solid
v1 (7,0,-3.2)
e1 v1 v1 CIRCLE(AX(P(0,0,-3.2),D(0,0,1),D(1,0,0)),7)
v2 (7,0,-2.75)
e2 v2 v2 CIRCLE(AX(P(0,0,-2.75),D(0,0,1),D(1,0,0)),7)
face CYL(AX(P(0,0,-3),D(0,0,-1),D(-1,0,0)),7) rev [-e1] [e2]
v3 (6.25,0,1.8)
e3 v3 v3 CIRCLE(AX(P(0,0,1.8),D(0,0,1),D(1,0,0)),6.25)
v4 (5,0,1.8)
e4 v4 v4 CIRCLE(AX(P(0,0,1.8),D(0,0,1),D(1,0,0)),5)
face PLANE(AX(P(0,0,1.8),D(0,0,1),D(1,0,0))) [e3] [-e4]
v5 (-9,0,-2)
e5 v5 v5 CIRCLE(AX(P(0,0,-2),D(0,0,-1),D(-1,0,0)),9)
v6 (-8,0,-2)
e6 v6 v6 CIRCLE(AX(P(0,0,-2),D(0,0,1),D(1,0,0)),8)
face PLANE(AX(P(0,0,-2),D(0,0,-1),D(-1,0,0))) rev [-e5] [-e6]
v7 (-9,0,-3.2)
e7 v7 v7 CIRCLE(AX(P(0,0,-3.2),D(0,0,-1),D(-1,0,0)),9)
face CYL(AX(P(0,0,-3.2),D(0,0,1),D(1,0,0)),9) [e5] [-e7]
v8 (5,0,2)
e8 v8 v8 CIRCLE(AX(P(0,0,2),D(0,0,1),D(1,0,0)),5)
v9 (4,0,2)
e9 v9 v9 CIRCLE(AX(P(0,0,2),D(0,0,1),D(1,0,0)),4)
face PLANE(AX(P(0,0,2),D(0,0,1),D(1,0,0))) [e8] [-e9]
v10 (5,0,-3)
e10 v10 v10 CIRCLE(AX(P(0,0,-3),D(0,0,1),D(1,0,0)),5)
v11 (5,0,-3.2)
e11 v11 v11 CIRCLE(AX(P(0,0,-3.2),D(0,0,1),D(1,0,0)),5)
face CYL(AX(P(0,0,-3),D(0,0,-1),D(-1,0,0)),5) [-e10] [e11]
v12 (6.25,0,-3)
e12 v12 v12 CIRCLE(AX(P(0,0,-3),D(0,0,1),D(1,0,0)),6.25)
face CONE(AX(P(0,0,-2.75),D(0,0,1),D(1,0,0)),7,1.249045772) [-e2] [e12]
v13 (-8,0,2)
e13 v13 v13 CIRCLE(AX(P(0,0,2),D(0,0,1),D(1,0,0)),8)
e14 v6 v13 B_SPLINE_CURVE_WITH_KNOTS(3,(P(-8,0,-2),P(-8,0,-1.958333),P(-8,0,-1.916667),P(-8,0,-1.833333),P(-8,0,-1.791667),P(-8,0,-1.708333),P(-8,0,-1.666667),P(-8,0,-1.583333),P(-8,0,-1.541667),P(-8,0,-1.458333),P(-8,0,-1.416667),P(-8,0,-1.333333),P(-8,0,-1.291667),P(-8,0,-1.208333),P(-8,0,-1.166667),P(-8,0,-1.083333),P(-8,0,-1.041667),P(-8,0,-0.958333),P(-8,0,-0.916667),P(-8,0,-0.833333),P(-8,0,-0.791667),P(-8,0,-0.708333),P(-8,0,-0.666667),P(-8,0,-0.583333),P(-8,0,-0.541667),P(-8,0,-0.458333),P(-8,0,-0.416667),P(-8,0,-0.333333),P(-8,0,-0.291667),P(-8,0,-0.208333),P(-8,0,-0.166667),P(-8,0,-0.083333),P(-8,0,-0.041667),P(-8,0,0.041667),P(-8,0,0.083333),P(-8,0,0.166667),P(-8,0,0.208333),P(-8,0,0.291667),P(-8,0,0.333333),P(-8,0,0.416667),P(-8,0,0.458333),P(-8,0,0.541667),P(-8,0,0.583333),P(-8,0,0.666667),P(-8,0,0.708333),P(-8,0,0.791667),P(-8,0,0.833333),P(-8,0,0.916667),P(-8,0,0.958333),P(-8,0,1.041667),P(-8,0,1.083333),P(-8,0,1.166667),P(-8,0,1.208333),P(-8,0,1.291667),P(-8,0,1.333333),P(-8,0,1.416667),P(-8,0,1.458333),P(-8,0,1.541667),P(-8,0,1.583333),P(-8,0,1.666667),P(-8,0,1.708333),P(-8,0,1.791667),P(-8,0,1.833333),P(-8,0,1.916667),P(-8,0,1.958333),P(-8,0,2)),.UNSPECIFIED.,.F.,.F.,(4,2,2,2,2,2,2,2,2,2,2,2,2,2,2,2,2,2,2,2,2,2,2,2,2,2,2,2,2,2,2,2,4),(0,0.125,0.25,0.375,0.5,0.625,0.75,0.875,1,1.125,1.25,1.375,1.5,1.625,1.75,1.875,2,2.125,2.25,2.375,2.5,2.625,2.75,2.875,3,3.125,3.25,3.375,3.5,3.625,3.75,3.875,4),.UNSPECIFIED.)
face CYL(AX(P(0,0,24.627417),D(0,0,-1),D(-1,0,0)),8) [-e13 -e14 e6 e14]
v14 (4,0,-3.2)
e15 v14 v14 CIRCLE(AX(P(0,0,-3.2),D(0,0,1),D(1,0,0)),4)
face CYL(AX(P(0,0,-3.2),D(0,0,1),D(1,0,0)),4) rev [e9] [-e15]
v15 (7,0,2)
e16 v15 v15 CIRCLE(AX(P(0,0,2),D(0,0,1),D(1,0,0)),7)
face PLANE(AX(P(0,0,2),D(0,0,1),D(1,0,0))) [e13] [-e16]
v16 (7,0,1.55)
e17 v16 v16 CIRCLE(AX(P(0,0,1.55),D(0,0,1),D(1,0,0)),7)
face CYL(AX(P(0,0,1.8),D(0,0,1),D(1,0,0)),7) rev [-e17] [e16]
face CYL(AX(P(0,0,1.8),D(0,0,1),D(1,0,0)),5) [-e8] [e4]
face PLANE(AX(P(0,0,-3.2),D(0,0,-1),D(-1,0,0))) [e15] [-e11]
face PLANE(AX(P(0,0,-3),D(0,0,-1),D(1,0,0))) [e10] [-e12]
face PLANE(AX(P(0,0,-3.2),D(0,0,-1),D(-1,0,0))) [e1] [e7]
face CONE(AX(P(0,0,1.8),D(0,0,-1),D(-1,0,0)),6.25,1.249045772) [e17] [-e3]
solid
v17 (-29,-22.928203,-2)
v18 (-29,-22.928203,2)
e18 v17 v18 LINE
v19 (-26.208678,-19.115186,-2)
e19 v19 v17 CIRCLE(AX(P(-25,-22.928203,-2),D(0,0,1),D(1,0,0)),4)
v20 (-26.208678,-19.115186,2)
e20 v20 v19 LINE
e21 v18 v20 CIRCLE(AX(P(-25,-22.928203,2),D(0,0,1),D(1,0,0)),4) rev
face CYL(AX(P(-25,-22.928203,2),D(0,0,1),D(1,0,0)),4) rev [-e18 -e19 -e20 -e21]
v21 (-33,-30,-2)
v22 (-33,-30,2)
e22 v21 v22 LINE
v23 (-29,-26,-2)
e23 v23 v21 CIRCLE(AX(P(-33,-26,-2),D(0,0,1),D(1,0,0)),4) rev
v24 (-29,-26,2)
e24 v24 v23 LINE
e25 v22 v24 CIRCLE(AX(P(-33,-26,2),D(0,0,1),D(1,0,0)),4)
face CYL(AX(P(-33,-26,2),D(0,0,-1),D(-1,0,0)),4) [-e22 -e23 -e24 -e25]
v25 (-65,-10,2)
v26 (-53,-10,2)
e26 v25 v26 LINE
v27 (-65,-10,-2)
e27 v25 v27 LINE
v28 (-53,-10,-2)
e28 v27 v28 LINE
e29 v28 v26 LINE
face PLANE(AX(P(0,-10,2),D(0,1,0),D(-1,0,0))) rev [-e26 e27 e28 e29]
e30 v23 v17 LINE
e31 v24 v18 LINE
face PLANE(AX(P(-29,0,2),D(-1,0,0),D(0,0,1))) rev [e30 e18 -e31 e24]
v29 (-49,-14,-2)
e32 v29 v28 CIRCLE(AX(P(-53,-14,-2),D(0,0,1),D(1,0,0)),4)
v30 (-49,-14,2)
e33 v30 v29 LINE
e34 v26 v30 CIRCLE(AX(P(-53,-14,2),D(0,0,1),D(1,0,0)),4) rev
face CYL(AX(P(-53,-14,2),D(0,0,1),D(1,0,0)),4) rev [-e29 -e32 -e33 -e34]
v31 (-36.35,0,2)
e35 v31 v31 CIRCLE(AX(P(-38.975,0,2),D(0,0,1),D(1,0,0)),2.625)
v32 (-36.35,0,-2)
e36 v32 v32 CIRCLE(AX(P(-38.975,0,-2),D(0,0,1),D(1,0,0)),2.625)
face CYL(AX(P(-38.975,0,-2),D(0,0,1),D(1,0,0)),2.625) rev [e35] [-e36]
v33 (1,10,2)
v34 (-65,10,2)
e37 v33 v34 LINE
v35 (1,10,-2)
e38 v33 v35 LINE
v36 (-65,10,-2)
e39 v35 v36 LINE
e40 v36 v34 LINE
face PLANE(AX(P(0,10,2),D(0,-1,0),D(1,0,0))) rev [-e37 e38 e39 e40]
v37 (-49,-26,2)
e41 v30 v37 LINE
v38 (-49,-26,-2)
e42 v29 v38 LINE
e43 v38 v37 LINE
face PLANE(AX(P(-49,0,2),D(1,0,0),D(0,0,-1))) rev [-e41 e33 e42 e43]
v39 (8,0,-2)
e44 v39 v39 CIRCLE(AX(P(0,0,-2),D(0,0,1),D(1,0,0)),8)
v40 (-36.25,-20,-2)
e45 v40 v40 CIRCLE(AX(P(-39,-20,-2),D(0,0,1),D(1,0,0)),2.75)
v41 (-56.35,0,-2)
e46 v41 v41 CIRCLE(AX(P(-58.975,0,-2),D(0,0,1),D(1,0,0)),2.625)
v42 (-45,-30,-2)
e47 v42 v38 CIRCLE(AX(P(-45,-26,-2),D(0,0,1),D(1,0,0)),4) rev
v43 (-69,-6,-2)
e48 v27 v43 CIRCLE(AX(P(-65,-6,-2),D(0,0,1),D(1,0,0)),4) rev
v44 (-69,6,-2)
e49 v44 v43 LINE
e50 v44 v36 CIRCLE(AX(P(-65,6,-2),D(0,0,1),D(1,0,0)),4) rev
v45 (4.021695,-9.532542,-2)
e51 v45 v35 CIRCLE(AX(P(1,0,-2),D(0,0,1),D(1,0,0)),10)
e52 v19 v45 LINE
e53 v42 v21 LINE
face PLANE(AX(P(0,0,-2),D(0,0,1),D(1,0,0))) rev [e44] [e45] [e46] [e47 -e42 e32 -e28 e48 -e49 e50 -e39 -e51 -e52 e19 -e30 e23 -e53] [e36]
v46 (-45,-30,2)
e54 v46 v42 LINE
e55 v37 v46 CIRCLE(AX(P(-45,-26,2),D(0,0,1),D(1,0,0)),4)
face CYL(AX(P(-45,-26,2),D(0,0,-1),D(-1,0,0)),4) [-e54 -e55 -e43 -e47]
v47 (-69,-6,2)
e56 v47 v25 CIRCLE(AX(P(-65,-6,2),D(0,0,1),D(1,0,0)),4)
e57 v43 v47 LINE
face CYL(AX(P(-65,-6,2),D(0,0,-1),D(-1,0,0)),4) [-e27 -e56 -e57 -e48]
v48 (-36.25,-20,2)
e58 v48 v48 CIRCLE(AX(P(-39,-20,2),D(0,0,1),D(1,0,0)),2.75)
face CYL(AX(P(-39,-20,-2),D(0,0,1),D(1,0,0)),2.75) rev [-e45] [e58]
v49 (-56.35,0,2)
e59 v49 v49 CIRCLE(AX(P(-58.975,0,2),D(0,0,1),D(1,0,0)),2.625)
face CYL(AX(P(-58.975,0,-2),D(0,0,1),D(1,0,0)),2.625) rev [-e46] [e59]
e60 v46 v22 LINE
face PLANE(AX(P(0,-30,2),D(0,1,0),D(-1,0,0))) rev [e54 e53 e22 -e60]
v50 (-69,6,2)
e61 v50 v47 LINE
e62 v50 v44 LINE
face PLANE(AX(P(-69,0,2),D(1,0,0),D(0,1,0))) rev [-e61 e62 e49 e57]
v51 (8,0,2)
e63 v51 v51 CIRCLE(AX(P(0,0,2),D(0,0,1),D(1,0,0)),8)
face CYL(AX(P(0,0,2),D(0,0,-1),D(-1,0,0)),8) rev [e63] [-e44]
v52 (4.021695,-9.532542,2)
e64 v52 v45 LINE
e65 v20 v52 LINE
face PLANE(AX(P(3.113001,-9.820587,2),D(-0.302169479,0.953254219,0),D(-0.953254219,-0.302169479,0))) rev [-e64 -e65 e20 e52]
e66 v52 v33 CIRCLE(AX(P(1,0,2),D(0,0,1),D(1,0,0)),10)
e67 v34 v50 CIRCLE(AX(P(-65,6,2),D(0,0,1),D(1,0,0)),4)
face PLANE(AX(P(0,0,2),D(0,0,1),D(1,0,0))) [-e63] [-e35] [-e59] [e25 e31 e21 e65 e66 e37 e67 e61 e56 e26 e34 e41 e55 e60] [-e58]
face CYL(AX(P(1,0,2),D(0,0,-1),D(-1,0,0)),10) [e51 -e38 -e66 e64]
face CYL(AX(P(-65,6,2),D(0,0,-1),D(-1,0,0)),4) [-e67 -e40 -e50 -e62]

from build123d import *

# Parameters (mm, degrees)
SKETCH1_R           = 10
SKETCH1_R_2         = 8
BOSS_EXTRUDE1_DEPTH = 2
SKETCH2_R           = 2.75
SKETCH2_R_2         = 2.625
CUT_EXTRUDE1_DEPTH  = 76.345869163
FILLET1_R           = 4
SKETCH3_R           = 9
BOSS_EXTRUDE2_DEPTH = 1.2
SKETCH4_R           = 8
BOSS_EXTRUDE3_DEPTH = 4
SKETCH5_R           = 4
CUT_EXTRUDE2_DEPTH  = 76.419095725
SKETCH5_3_R         = 7
SKETCH5_3_R_2       = 5
CUT_EXTRUDE3_DEPTH  = 0.2


with BuildPart() as part:
    # Sketch1 → Boss-Extrude1 (new, symmetric)
    # profile 1 of 2: a face of its own
    with BuildSketch(Plane.XY):
        with BuildLine():
            ThreePointArc((4.021694793, -9.532542189), (-8.882444583, -1.528819498), (1, 10))
            Line((1, 10), (-69, 10))
            Line((-69, 10), (-69, -10))
            Line((-69, -10), (-49, -10))
            Line((-49, -10), (-49, -30))
            Line((-49, -30), (-29, -30))
            Line((-29, -30), (-29, -20))
            Line((-29, -20), (4.021694793, -9.532542189))
        make_face()
    # profile 2 of 2: a face of its own
    with BuildSketch(Plane.XY):
        with Locations((1, 0)):
            Circle(SKETCH1_R)
        Circle(SKETCH1_R_2, mode=Mode.SUBTRACT)
    extrude(amount=BOSS_EXTRUDE1_DEPTH, both=True)

    # Sketch2 → Cut-Extrude1 (cut, through all)
    with BuildSketch(Plane.XY.offset(2)):
        with Locations((-39, -20)):
            Circle(SKETCH2_R)
        with Locations((-58.975, 0)):
            Circle(SKETCH2_R_2)
        with Locations((-38.975, 0)):
            Circle(SKETCH2_R_2)
    extrude(amount=-CUT_EXTRUDE1_DEPTH, mode=Mode.SUBTRACT)

    # Fillet1
    fillet1_edges = [part.edges().sort_by_distance(p)[0] for p in [
        (-29, -20, 0),
        (-29, -30, 0),
        (-49, -30, 0),
        (-49, -10, 0),
        (-69, -10, 0),
        (-69, 10, 0),
    ]]
    fillet(fillet1_edges, radius=FILLET1_R)


with BuildPart() as body_2:
    # Sketch3 → Boss-Extrude2 (new body)
    with BuildSketch(Plane(origin=(0, 0, -2), x_dir=(-1, 0, 0), z_dir=(0, 0, -1))):
        Circle(SKETCH3_R)
    extrude(amount=BOSS_EXTRUDE2_DEPTH)

    # Sketch4 → Boss-Extrude3 (add)
    with BuildSketch(Plane.XY.offset(-2)):
        with Locations(Location((0, 0, 0), (0, 0, 180))):
            Circle(SKETCH4_R)
    extrude(amount=BOSS_EXTRUDE3_DEPTH)

    # Sketch5 → Cut-Extrude2 (cut, through all)
    with BuildSketch(Plane.XY.offset(2)):
        Circle(SKETCH5_R)
    extrude(amount=-CUT_EXTRUDE2_DEPTH, mode=Mode.SUBTRACT)

    # Sketch5<3> → Cut-Extrude3 (cut)
    with BuildSketch(Plane.XY.offset(2)):
        Circle(SKETCH5_3_R)
        Circle(SKETCH5_3_R_2, mode=Mode.SUBTRACT)
    cut_extrude3 = extrude(amount=-CUT_EXTRUDE3_DEPTH, mode=Mode.SUBTRACT)

    # Mirror8: Cut-Extrude3 across plane
    add(cut_extrude3.mirror(Plane.XY.offset(-0.6)), mode=Mode.SUBTRACT)

    # Sketch6 → Cut-Revolve1 (revolve, cut)
    with BuildSketch(Plane(origin=(0, 0, 0), x_dir=(0, 0, -1), z_dir=(1, 0, 0)), mode=Mode.PRIVATE) as cut_revolve1_sk:
        Polygon((-1.8, 6.25), (-1.55, 7), (-1.8, 7), align=None)
        Polygon((3, 6.25), (2.75, 7), (3, 7), align=None)
    revolve(cut_revolve1_sk.sketch.rotate(Axis((0, 0, 2), (0, 0, -1)), 90), axis=Axis((0, 0, 2), (0, 0, -1)), mode=Mode.SUBTRACT)


solid = Compound([part.part, body_2.part])
